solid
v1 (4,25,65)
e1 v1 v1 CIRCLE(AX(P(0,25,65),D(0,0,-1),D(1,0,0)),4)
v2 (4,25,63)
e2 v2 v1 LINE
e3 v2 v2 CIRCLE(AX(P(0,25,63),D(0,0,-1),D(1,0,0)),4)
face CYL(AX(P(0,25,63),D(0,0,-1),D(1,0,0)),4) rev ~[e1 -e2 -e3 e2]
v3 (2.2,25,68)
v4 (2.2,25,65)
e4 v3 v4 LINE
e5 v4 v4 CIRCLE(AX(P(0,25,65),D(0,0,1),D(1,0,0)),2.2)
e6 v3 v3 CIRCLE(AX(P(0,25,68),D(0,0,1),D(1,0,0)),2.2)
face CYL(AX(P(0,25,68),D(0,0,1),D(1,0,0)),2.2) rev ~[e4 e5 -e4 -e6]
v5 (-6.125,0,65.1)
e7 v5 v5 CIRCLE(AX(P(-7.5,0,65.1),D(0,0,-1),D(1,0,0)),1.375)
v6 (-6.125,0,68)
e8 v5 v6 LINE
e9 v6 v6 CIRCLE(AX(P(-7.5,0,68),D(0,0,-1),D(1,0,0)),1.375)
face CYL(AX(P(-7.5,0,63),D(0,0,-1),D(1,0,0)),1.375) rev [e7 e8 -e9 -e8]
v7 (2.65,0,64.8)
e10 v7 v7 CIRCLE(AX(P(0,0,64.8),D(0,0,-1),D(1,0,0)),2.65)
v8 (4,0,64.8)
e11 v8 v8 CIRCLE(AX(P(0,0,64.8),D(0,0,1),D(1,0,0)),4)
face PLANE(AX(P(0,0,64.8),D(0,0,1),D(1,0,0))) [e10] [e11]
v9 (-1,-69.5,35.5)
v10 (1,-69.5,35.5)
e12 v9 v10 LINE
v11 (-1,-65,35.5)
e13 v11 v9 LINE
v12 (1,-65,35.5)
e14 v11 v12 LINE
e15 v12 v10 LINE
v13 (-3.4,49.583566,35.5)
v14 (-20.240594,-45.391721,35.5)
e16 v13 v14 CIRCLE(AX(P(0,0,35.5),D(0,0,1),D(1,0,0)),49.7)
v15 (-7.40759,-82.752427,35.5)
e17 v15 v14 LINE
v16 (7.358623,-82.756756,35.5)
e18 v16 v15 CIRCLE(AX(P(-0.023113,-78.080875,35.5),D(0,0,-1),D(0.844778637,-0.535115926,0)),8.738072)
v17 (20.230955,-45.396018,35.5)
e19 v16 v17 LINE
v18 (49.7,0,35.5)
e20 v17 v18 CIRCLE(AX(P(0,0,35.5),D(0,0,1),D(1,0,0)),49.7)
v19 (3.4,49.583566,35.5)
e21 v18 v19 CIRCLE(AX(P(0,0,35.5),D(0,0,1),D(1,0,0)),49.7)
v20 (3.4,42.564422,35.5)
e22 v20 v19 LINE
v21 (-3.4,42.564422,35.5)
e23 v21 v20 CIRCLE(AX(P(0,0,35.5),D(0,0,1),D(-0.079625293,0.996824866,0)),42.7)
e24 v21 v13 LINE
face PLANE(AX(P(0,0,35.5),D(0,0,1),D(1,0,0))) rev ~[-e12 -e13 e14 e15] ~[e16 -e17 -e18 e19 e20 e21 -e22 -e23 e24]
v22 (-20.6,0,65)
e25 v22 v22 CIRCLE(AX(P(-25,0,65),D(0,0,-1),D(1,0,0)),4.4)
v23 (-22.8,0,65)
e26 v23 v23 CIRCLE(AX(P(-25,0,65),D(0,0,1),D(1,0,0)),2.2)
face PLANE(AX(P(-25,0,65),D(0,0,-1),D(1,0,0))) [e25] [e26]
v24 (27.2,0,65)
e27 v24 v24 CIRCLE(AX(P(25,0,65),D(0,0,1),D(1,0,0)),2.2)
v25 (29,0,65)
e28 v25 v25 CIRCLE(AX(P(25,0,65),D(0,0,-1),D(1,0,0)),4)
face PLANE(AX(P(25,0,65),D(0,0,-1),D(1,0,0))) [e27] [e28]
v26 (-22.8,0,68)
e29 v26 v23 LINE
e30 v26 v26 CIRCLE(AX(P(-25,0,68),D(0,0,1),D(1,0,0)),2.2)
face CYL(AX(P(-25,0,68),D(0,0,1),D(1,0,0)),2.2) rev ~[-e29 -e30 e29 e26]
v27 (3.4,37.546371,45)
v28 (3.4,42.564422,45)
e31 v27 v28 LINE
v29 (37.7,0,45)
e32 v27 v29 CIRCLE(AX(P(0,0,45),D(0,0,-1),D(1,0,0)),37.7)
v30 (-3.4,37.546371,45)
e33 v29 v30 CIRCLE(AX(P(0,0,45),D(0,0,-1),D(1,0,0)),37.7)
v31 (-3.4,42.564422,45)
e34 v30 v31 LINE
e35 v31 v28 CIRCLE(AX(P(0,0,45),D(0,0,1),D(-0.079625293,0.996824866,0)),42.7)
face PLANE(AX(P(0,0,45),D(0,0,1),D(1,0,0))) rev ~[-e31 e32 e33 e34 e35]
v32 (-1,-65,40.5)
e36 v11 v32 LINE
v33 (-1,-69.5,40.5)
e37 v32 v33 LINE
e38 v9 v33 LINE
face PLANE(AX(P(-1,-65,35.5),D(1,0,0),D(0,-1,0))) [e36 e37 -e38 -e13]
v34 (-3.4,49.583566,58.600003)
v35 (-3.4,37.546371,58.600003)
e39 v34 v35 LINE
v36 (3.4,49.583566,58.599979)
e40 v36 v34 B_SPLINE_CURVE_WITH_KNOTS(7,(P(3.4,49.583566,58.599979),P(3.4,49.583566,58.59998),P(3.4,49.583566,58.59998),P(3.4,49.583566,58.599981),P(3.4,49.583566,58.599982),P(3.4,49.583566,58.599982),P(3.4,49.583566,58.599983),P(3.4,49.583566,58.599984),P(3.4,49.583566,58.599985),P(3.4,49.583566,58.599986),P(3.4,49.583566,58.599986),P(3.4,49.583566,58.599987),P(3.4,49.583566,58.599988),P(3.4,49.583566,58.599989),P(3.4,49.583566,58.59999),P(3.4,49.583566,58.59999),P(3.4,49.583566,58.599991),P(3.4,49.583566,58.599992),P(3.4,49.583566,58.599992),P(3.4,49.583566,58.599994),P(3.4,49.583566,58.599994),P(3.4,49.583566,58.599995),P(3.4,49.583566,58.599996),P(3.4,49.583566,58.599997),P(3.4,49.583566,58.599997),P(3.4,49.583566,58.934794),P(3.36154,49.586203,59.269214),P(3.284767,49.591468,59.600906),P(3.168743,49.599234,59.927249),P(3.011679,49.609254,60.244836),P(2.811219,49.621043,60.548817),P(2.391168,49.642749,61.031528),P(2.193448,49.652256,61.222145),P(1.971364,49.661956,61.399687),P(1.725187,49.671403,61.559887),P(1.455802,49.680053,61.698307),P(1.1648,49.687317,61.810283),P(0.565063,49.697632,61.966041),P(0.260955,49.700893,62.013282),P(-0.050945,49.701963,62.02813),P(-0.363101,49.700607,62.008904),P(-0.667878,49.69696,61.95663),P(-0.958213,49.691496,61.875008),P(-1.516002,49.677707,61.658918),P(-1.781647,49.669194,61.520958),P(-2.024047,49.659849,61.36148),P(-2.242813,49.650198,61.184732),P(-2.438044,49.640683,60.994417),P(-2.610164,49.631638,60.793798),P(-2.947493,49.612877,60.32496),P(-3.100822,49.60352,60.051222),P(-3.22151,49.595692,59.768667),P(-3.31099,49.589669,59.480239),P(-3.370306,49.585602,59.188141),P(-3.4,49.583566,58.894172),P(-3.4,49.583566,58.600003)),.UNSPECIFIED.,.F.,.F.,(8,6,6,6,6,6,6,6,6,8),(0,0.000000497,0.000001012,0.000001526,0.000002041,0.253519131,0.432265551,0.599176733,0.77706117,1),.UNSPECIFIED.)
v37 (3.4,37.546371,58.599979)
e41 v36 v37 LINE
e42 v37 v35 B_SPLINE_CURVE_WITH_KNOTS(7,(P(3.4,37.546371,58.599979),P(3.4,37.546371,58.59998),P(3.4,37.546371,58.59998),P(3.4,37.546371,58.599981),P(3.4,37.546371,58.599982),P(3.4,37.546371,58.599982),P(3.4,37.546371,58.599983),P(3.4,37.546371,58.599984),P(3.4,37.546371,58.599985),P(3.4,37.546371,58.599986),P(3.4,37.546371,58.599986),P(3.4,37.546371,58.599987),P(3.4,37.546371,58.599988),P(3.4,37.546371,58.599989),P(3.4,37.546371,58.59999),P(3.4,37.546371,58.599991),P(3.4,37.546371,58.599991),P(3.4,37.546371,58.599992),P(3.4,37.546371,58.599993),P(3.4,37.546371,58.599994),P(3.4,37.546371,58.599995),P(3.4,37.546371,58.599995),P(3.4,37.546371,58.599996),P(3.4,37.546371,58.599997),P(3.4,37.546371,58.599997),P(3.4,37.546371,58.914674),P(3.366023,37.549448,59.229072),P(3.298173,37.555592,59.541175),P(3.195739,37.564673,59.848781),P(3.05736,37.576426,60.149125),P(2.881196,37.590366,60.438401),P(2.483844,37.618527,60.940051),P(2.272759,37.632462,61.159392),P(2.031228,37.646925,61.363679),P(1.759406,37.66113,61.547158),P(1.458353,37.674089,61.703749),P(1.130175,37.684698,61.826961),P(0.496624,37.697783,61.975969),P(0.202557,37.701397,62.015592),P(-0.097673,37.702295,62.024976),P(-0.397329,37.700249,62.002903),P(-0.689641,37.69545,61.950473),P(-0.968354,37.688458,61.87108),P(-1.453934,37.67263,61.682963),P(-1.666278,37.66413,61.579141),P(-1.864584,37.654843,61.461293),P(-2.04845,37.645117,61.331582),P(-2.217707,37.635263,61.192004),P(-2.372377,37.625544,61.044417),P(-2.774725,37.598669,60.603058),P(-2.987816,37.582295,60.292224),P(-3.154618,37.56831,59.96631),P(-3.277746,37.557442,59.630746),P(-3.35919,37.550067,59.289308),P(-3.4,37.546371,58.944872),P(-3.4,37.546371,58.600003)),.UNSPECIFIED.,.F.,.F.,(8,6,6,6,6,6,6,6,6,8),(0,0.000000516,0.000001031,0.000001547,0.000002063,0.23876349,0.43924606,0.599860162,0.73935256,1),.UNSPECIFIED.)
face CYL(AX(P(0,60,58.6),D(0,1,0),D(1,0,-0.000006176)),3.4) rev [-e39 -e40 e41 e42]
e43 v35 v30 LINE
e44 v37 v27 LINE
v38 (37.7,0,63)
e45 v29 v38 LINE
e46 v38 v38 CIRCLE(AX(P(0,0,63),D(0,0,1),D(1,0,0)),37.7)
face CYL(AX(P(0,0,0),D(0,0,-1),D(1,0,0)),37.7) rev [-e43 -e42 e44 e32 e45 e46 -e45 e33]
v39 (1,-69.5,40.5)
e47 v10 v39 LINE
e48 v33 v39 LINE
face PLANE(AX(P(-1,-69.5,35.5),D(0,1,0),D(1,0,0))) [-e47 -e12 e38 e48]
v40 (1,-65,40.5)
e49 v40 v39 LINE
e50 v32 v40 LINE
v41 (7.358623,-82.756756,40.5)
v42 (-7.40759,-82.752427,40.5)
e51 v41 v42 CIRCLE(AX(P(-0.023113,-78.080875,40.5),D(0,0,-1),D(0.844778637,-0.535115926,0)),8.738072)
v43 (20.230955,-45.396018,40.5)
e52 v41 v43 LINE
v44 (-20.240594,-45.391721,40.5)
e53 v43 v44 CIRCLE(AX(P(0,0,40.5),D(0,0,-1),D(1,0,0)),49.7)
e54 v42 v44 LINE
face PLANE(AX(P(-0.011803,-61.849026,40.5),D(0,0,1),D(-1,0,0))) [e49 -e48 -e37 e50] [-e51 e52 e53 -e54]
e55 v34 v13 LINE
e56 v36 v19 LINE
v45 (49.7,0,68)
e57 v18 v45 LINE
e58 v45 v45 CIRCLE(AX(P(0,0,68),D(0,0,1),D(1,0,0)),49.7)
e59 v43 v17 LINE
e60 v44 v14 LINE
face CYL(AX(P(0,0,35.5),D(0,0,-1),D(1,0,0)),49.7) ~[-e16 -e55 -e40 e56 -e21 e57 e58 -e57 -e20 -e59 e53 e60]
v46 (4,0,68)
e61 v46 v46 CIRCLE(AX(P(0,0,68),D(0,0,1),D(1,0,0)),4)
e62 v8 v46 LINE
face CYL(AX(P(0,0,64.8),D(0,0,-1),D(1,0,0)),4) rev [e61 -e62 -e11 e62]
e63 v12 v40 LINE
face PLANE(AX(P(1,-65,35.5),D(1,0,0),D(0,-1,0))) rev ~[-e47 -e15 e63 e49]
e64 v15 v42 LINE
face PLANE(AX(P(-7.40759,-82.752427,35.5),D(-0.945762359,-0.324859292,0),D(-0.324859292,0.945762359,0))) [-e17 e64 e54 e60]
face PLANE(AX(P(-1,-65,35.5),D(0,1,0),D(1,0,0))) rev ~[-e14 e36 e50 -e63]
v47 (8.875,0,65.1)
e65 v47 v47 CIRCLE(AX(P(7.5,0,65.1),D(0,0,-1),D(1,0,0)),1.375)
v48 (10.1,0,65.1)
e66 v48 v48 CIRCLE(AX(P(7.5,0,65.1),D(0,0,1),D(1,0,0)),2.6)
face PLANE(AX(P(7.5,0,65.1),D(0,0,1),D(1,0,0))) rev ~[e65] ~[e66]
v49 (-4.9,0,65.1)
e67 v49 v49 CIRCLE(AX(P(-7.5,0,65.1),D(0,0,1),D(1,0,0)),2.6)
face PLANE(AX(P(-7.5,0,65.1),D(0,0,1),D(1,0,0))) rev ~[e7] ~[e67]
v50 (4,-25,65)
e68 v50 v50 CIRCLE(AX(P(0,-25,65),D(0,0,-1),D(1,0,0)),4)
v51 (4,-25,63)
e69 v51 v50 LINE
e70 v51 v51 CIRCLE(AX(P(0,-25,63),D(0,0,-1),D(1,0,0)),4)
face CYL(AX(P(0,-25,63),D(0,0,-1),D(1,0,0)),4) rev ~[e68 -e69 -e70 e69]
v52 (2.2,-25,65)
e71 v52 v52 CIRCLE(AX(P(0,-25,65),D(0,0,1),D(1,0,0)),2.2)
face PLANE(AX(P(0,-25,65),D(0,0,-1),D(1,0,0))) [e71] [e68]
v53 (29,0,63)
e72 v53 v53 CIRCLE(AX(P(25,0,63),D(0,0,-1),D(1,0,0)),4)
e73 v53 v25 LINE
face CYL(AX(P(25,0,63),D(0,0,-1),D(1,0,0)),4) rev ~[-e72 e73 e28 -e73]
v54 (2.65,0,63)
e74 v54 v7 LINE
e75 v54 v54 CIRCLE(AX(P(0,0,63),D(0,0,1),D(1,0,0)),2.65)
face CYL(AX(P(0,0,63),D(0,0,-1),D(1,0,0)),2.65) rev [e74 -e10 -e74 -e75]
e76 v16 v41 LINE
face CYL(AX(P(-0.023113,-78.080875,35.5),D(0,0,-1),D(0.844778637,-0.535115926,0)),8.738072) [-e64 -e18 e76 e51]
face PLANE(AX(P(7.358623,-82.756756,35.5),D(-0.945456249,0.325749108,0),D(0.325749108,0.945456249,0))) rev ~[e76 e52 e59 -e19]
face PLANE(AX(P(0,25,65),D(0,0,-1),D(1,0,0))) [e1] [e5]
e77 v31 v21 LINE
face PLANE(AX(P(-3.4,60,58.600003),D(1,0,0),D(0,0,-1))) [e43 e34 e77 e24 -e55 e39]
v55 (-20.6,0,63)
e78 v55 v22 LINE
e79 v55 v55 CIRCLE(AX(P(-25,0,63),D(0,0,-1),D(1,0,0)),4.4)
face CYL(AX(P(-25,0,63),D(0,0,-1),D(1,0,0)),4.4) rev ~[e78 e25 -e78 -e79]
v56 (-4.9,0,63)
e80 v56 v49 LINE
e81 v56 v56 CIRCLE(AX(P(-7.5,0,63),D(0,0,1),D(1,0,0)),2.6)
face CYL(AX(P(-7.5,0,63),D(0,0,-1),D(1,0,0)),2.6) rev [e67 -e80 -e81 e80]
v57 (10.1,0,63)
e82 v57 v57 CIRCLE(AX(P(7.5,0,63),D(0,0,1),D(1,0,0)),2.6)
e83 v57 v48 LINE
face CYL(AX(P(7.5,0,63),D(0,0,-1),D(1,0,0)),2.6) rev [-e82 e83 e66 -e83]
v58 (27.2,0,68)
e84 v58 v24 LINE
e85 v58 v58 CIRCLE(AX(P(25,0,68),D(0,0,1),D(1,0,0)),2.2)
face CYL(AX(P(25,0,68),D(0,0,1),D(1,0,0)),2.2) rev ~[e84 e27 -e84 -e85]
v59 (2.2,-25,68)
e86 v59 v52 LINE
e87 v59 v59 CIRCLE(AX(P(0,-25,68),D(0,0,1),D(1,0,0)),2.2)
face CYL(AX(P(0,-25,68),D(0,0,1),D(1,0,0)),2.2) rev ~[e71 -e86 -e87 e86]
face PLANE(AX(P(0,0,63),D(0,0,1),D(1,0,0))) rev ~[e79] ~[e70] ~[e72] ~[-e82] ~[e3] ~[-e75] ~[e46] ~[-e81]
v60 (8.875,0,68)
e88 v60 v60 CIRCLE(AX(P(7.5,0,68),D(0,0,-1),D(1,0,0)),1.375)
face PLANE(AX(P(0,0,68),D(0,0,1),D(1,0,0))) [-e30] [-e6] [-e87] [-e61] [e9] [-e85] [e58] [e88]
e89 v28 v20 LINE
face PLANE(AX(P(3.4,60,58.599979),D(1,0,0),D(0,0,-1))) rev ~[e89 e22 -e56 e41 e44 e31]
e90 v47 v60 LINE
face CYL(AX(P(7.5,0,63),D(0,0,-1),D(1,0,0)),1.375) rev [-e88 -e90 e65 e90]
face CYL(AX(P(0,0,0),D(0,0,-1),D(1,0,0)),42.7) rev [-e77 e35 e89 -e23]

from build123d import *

# Parameters (mm, degrees)
CYLINDER009_R     = 2.65
CYLINDER009_DEPTH = 30
CYLINDER008_R     = 4
CYLINDER008_DEPTH = 3.2
CYLINDER010_R     = 1.375
CYLINDER010_DEPTH = 10
CYLINDER011_R     = 2.6
CYLINDER011_DEPTH = 2.1
ARRAY002_X_COUNT  = 2
ARRAY002_X_PITCH  = 15
CYLINDER007_R     = 37.7
CYLINDER007_DEPTH = 63
CYLINDER013_R     = 42.7
CYLINDER013_DEPTH = 45
CYLINDER012_R     = 49.7
CYLINDER012_DEPTH = 32.5
SKETCH_R          = 2.2
POCKET_DEPTH      = 5
SKETCH001_R       = 4.4
SKETCH001_R_2     = 4
POCKET001_DEPTH   = 2
POCKET006_DEPTH   = 25
PAD002_DEPTH      = 5
SKETCH018_W       = 2
SKETCH018_H       = 4.5
POCKET016_DEPTH   = 5


with BuildPart() as cylinder009:
    # Cylinder009 → Cylinder009 (new body)
    with BuildSketch(Plane.XY.offset(63)):
        Circle(CYLINDER009_R)
    extrude(amount=CYLINDER009_DEPTH)


with BuildPart() as cylinder008:
    # Cylinder008 → Cylinder008 (new body)
    with BuildSketch(Plane.XY.offset(64.8)):
        Circle(CYLINDER008_R)
    extrude(amount=CYLINDER008_DEPTH)


with BuildPart() as cylinder010:
    # Cylinder010 → Cylinder010 (new body)
    with BuildSketch(Plane.XY):
        Circle(CYLINDER010_R)
    extrude(amount=CYLINDER010_DEPTH)


with BuildPart() as fusion005:
    # Cylinder011 → Cylinder011 (new body)
    with BuildSketch(Plane.XY):
        Circle(CYLINDER011_R)
    extrude(amount=CYLINDER011_DEPTH)

    # Fusion004: union Cylinder010
    add(cylinder010.part)


with BuildPart() as fusion005_1:
    # Fusion004 placement: moved
    add(fusion005.part.moved(Location((0, 0, 63))))

    # Array002 X: Fusion005 ×2


with BuildPart() as fusion005_2:
    add(fusion005_1.part)
    with Locations(*[(i * ARRAY002_X_PITCH, 0, 0) for i in range(1, ARRAY002_X_COUNT)]):
        add(fusion005_1.part)


with BuildPart() as fusion005_3:
    # Array002 placement: moved
    add(fusion005_2.part.moved(Location((-7.5, 0, 0))))

    # Fusion005: union Cylinder009, Cylinder008
    add(cylinder009.part)
    add(cylinder008.part)


with BuildPart() as cylinder007:
    # Cylinder007 → Cylinder007 (new body)
    with BuildSketch(Plane.XY):
        Circle(CYLINDER007_R)
    extrude(amount=CYLINDER007_DEPTH)


with BuildPart() as fusion006:
    # Cylinder013 → Cylinder013 (new body)
    with BuildSketch(Plane.XY):
        Circle(CYLINDER013_R)
    extrude(amount=CYLINDER013_DEPTH)

    # Fusion006: union Cylinder007
    add(cylinder007.part)


with BuildPart() as mounttocase:
    # Cylinder012 → Cylinder012 (new body)
    with BuildSketch(Plane.XY.offset(35.5)):
        Circle(CYLINDER012_R)
    extrude(amount=CYLINDER012_DEPTH)

    # Cut008: cut Fusion006
    add(fusion006.part, mode=Mode.SUBTRACT)

    # Cut009: cut Fusion005
    add(fusion005_3.part, mode=Mode.SUBTRACT)

    # Sketch (on Face3 of Cut009) → Pocket (cut)
    with BuildSketch(Plane.XY.offset(68)):
        with Locations((0, 25)):
            Circle(SKETCH_R)
        with Locations((25, 0)):
            Circle(SKETCH_R)
        with Locations((0, -25)):
            Circle(SKETCH_R)
        with Locations((-25, 0)):
            Circle(SKETCH_R)
    extrude(amount=-POCKET_DEPTH, mode=Mode.SUBTRACT)

    # Sketch001 (on Face13 of Pocket) → Pocket001 (cut)
    with BuildSketch(Plane(origin=(0, 0, 63), x_dir=(1, 0, 0), z_dir=(0, 0, -1))):
        with Locations((-25, 0)):
            Circle(SKETCH001_R)
        with Locations((0, 25)):
            Circle(SKETCH001_R_2)
        with Locations((25, 0)):
            Circle(SKETCH001_R_2)
        with Locations((0, -25)):
            Circle(SKETCH001_R_2)
    extrude(amount=-POCKET001_DEPTH, mode=Mode.SUBTRACT)

    # Sketch002 → Pocket006 (cut)
    with BuildSketch(Plane(origin=(0, 60, -1), x_dir=(1, 0, 0), z_dir=(0, -1, 0))):
        with BuildLine():
            ThreePointArc((3.4, 59.599979), (1.2e-05, 63), (-3.4, 59.600003))
            Line((-3.4, 59.600003), (-3.4, 0))
            Line((-3.4, 0), (3.4, 0))
            Line((3.4, 59.599979), (3.4, 0))
        make_face()
    extrude(amount=POCKET006_DEPTH, mode=Mode.SUBTRACT)

    # Sketch017 (on Face2 of Pocket006) → Pad002 (join)
    with BuildSketch(Plane(origin=(0, 0, 35.5), x_dir=(1, 0, 0), z_dir=(0, 0, -1))):
        with BuildLine():
            ThreePointArc((20.231067, 45.395694), (-0.005277, 49.699749), (-20.240706, 45.391396))
            Line((-7.40759, 82.752427), (-20.240706, 45.391396))
            ThreePointArc((7.358623, 82.756756), (-0.025675, 86.818946), (-7.40759, 82.752427))
            Line((7.358623, 82.756756), (20.231067, 45.395694))
        make_face()
    extrude(amount=-PAD002_DEPTH)

    # Sketch018 (on Face22 of Pad002) → Pocket016 (cut)
    with BuildSketch(Plane(origin=(0, 0, 35.5), x_dir=(1, 0, 0), z_dir=(0, 0, -1))):
        with Locations((0, 67.25)):
            Rectangle(SKETCH018_W, SKETCH018_H)
    extrude(amount=-POCKET016_DEPTH, mode=Mode.SUBTRACT)


solid = mounttocase.part
